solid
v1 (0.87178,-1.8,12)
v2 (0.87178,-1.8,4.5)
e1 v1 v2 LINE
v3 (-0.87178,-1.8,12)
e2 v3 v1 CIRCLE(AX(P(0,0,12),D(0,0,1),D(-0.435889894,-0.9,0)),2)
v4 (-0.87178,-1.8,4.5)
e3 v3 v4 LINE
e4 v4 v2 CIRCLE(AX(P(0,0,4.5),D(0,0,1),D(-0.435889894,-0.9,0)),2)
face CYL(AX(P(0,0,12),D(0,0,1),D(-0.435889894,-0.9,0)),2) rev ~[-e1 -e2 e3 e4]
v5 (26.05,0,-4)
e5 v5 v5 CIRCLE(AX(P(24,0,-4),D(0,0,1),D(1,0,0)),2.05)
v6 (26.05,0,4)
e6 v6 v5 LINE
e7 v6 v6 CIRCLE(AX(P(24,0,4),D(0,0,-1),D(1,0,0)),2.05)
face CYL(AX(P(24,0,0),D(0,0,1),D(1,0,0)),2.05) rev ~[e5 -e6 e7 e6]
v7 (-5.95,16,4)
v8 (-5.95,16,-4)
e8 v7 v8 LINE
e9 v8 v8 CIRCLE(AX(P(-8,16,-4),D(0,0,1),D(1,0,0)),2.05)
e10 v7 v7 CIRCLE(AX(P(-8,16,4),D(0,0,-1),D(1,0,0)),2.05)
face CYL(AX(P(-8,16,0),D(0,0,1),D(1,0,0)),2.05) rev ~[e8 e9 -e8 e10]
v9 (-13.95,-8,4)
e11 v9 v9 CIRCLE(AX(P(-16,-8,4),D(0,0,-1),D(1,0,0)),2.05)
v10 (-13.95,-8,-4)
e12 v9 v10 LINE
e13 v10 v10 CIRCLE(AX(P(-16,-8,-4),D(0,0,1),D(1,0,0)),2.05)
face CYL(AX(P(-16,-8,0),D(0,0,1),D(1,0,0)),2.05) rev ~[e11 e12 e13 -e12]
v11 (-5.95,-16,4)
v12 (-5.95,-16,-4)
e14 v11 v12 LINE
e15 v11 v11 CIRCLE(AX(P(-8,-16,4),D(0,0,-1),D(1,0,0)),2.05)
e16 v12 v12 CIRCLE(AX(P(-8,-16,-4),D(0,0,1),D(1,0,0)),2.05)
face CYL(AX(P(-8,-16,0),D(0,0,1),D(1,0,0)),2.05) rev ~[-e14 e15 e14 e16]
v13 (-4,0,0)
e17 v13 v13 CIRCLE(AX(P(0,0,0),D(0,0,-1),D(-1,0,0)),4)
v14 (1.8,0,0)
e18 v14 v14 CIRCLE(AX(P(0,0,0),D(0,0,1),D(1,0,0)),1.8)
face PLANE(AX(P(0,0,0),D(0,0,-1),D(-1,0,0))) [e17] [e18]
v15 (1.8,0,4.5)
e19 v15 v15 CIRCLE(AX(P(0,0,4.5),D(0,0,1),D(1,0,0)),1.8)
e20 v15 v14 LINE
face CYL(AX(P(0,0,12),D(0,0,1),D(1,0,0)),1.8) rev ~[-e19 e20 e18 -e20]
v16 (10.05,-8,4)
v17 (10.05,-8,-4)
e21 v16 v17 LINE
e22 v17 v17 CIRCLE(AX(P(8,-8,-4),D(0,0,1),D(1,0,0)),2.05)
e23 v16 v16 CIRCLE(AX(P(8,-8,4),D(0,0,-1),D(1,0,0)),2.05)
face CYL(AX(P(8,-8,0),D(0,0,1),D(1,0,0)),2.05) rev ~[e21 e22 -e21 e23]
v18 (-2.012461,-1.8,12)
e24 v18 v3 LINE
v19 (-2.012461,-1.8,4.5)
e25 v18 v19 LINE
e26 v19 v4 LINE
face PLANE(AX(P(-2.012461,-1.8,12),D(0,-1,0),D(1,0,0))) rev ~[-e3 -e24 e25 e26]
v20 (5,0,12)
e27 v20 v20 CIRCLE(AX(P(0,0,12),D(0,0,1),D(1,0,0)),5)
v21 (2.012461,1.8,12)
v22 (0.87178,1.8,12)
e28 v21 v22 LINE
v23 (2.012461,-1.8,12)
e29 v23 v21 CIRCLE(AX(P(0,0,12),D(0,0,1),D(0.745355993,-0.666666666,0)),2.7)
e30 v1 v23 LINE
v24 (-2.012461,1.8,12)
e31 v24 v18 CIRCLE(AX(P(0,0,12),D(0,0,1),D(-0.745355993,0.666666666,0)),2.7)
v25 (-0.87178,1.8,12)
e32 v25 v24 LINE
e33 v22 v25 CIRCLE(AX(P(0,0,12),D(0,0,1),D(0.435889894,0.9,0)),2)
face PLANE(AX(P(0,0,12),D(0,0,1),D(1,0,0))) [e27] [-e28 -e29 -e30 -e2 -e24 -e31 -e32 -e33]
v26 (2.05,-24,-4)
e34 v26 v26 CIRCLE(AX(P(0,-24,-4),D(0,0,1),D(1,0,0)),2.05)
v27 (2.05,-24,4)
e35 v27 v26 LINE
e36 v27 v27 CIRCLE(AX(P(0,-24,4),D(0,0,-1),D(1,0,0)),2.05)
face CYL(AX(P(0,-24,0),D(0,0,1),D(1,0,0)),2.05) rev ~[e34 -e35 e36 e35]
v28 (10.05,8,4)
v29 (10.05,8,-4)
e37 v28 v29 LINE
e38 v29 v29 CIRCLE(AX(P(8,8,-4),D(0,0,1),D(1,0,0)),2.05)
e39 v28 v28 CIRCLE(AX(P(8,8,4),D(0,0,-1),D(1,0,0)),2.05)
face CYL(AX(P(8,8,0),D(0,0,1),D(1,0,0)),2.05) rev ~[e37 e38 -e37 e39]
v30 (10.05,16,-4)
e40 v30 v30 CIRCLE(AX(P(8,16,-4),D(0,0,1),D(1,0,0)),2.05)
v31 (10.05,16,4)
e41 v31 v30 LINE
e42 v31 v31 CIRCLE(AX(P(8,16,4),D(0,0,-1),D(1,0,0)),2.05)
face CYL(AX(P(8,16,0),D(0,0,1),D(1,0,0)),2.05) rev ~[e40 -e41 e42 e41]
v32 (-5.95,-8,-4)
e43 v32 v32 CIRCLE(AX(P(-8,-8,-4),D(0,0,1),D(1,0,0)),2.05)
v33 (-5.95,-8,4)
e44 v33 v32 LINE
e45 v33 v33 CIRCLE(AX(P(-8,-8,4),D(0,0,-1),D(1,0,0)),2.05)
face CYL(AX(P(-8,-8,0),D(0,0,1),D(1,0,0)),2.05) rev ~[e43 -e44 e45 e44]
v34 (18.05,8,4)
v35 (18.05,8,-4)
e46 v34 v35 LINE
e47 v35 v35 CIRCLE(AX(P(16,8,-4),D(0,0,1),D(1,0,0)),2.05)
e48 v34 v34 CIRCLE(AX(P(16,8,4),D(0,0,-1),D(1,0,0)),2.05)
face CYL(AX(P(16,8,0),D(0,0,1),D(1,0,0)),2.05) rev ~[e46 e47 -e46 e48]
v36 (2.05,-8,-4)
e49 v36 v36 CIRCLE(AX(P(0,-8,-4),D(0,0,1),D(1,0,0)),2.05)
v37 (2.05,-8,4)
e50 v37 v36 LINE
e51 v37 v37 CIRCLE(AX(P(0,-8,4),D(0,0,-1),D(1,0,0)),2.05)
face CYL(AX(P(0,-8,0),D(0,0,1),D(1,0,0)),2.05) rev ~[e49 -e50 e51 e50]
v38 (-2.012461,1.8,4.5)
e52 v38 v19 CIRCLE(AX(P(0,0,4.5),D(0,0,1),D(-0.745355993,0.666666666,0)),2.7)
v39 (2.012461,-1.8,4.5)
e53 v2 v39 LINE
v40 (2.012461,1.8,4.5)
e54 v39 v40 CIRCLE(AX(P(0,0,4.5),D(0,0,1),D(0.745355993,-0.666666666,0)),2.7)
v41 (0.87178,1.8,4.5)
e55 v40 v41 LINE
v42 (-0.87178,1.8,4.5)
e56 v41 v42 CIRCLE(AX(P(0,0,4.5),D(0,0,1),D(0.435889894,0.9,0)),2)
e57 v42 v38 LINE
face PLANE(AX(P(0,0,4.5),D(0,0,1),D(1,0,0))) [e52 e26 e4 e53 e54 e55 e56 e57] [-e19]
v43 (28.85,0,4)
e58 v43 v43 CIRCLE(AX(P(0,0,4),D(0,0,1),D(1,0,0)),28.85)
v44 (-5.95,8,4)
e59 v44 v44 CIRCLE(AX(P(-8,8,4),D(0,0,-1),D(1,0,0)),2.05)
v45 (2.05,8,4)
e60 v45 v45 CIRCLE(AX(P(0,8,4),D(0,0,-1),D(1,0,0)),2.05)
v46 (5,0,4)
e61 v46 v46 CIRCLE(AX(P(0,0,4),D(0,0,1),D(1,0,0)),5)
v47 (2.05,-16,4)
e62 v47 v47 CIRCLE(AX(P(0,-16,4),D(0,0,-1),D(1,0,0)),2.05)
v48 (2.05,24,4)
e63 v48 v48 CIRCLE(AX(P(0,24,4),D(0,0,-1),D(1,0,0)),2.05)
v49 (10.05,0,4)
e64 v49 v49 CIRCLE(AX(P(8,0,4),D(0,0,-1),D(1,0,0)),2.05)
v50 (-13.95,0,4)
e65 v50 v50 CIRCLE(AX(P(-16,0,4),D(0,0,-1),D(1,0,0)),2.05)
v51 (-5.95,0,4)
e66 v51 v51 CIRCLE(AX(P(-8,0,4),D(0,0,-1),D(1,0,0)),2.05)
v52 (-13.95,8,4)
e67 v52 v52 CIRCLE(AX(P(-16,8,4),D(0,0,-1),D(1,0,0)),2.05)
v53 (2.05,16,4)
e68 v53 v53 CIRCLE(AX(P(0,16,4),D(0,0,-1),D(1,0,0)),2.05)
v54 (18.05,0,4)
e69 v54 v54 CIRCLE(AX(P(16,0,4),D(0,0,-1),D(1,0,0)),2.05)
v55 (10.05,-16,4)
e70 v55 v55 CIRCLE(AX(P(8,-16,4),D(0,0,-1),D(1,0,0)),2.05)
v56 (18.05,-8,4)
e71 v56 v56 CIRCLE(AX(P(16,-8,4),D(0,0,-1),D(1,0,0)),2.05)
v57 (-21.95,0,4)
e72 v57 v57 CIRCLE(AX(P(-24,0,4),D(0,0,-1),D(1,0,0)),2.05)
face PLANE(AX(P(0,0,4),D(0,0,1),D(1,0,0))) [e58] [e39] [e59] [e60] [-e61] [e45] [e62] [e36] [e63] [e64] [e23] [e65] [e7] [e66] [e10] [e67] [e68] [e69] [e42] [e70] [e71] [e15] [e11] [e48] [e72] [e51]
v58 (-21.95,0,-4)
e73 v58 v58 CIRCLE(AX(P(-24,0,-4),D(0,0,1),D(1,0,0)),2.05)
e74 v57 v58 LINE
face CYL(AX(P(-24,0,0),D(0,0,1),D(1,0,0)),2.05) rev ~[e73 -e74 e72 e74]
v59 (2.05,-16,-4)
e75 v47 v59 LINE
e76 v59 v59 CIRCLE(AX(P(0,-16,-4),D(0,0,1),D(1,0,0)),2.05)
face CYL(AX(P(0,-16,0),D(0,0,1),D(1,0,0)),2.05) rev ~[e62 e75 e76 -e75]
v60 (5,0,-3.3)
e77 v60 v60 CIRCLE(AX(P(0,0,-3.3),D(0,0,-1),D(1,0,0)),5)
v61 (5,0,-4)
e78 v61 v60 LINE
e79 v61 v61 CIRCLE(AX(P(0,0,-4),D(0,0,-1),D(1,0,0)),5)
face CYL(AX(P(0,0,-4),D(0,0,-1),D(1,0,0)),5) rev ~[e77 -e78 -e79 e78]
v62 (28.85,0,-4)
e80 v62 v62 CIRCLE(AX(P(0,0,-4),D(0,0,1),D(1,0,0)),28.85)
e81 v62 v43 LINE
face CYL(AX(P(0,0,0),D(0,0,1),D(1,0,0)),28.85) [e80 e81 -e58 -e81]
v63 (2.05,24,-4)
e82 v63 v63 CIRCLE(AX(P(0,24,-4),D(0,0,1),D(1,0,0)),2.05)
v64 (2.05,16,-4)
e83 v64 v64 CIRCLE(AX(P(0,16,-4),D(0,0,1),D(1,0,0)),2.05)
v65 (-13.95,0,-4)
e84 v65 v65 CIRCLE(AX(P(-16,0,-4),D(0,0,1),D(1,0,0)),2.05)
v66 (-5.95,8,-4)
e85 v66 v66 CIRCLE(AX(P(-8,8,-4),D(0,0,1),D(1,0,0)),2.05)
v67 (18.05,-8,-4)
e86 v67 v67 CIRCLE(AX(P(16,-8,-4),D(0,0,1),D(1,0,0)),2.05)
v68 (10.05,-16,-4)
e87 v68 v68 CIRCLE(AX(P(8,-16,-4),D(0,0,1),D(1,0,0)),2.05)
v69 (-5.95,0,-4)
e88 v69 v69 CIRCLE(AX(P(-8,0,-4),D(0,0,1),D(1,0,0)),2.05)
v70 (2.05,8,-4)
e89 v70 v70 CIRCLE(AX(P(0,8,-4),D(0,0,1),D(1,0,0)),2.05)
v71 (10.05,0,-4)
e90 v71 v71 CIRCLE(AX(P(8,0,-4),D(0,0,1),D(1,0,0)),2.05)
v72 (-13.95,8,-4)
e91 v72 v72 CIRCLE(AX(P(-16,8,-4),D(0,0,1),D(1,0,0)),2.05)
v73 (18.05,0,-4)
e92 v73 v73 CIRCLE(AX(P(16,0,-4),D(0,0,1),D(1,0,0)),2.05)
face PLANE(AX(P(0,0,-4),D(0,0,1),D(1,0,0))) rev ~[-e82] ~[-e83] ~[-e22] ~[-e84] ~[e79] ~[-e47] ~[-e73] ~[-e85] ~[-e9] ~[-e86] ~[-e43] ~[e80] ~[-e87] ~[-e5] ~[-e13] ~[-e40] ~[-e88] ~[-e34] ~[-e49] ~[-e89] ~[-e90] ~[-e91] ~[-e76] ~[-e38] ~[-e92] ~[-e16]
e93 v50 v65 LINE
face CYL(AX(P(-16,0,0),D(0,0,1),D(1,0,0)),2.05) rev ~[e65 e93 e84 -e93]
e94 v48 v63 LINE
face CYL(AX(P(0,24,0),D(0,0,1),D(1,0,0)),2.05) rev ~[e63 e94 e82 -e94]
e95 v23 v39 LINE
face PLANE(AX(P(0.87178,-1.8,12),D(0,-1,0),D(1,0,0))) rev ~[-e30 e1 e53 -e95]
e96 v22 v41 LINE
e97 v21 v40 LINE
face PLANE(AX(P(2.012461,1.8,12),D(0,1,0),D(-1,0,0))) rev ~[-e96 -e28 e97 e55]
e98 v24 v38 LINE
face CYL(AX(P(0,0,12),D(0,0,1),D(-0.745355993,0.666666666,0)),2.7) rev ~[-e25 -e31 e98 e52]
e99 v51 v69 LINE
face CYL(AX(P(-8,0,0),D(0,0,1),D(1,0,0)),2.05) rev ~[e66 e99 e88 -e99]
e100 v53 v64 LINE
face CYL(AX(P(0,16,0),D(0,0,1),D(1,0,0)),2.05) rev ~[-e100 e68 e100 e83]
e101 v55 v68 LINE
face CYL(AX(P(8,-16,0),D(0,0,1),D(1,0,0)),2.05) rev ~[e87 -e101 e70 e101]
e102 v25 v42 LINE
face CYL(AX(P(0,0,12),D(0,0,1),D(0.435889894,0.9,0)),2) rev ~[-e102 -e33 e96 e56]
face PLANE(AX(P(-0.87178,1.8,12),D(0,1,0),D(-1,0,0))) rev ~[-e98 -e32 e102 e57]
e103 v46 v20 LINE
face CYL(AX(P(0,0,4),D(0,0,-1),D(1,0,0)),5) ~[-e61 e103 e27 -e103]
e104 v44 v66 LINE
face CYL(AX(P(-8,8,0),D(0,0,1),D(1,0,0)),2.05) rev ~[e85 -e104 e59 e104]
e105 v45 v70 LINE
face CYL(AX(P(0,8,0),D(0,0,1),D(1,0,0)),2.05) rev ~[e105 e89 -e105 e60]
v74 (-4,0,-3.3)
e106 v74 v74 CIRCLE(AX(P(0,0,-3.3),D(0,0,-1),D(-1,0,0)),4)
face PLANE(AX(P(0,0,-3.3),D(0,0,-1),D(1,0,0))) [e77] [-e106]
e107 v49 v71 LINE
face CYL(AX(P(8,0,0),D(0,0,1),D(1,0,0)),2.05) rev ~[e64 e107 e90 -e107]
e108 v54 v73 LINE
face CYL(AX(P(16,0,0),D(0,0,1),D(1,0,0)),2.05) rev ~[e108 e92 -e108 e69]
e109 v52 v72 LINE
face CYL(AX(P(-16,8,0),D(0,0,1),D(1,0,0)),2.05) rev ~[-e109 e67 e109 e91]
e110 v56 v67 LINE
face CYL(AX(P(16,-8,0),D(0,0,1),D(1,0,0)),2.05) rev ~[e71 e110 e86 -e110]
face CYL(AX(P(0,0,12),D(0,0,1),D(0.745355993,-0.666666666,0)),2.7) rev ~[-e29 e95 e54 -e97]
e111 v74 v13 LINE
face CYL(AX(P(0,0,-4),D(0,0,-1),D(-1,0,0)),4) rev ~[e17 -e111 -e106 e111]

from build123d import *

# Parameters (mm, degrees)
EXTRUDE_1_DEPTH          = 4
EXTRUDE_1_DEPTH_BACK     = 4
SKETCH_1_R               = 28.85
SKETCH_2_R               = 5
EXTRUDE_2_DEPTH          = 8
SKETCH_3_R               = 1.8
CUT_EXTRUDE_1_DEPTH      = 44.825164004
SKETCH_4_R               = 4
CUT_EXTRUDE_2_DEPTH      = 4
SKETCH_5_R               = 5
CUT_EXTRUDE_3_DEPTH      = 0.7
CUT_EXTRUDE_4_DEPTH      = 7.5
CUT_EXTRUDE_5_DEPTH      = 43.528167137
CUT_EXTRUDE_5_DEPTH_BACK = 43.528167137
SKETCH_7_R               = 2.05


with BuildPart() as part:
    # Эскиз1 → Бобышка-Вытянуть1 (new, two sides: drawn at the far end of the back side and taken through both)
    with BuildSketch(Plane.XY.offset(-EXTRUDE_1_DEPTH_BACK)):
        Circle(SKETCH_1_R)
    extrude(amount=EXTRUDE_1_DEPTH + EXTRUDE_1_DEPTH_BACK)

    # Эскиз2 → Бобышка-Вытянуть2 (add)
    with BuildSketch(Plane.XY.offset(4)):
        Circle(SKETCH_2_R)
    extrude(amount=EXTRUDE_2_DEPTH)

    # Эскиз3 → Вырез-Вытянуть1 (cut, through all)
    with BuildSketch(Plane.XY.offset(12)):
        Circle(SKETCH_3_R)
    extrude(amount=-CUT_EXTRUDE_1_DEPTH, mode=Mode.SUBTRACT)

    # Эскиз4 → Вырез-Вытянуть2 (cut)
    with BuildSketch(Plane(origin=(0, 0, -4), x_dir=(-1, 0, 0), z_dir=(0, 0, -1))):
        Circle(SKETCH_4_R)
    extrude(amount=-CUT_EXTRUDE_2_DEPTH, mode=Mode.SUBTRACT)

    # Эскиз5 → Вырез-Вытянуть3 (cut)
    with BuildSketch(Plane(origin=(0, 0, -4), x_dir=(-1, 0, 0), z_dir=(0, 0, -1))):
        Circle(SKETCH_5_R)
    extrude(amount=-CUT_EXTRUDE_3_DEPTH, mode=Mode.SUBTRACT)

    # Эскиз6 → Вырез-Вытянуть4 (cut)
    with BuildSketch(Plane.XY.offset(12)):
        with BuildLine():
            ThreePointArc((2.01246118, -1.8), (2.7, 0), (2.01246118, 1.8))
            Line((2.01246118, 1.8), (0.871779789, 1.8))
            ThreePointArc((0.871779789, 1.8), (0, 2), (-0.871779789, 1.8))
            Line((-0.871779789, 1.8), (-2.01246118, 1.8))
            ThreePointArc((-2.01246118, 1.8), (-2.7, 0), (-2.01246118, -1.8))
            Line((-2.01246118, -1.8), (-0.871779789, -1.8))
            ThreePointArc((-0.871779789, -1.8), (0, -2), (0.871779789, -1.8))
            Line((0.871779789, -1.8), (2.01246118, -1.8))
        make_face()
    extrude(amount=-CUT_EXTRUDE_4_DEPTH, mode=Mode.SUBTRACT)

    # Эскиз7 → Вырез-Вытянуть5 (cut, two sides: drawn at the far end of the back side and taken through both)
    with BuildSketch(Plane.XY.offset(-CUT_EXTRUDE_5_DEPTH_BACK)):
        with Locations((-24, 0)):
            Circle(SKETCH_7_R)
        with Locations((-16, 0)):
            Circle(SKETCH_7_R)
        with Locations((-8, 0)):
            Circle(SKETCH_7_R)
        with Locations((-8, 8)):
            Circle(SKETCH_7_R)
        with Locations((-16, 8)):
            Circle(SKETCH_7_R)
        with Locations((0, 8)):
            Circle(SKETCH_7_R)
        with Locations((0, 16)):
            Circle(SKETCH_7_R)
        with Locations((-8, 16)):
            Circle(SKETCH_7_R)
        with Locations((0, 24)):
            Circle(SKETCH_7_R)
        with Locations((0, -24)):
            Circle(SKETCH_7_R)
        with Locations((-8, -16)):
            Circle(SKETCH_7_R)
        with Locations((0, -16)):
            Circle(SKETCH_7_R)
        with Locations((0, -8)):
            Circle(SKETCH_7_R)
        with Locations((-16, -8)):
            Circle(SKETCH_7_R)
        with Locations((-8, -8)):
            Circle(SKETCH_7_R)
        with Locations((8, -8)):
            Circle(SKETCH_7_R)
        with Locations((16, -8)):
            Circle(SKETCH_7_R)
        with Locations((8, -16)):
            Circle(SKETCH_7_R)
        with Locations((8, 16)):
            Circle(SKETCH_7_R)
        with Locations((16, 8)):
            Circle(SKETCH_7_R)
        with Locations((8, 8)):
            Circle(SKETCH_7_R)
        with Locations((8, 0)):
            Circle(SKETCH_7_R)
        with Locations((16, 0)):
            Circle(SKETCH_7_R)
        with Locations((24, 0)):
            Circle(SKETCH_7_R)
    extrude(amount=CUT_EXTRUDE_5_DEPTH + CUT_EXTRUDE_5_DEPTH_BACK, mode=Mode.SUBTRACT)


solid = part.part
